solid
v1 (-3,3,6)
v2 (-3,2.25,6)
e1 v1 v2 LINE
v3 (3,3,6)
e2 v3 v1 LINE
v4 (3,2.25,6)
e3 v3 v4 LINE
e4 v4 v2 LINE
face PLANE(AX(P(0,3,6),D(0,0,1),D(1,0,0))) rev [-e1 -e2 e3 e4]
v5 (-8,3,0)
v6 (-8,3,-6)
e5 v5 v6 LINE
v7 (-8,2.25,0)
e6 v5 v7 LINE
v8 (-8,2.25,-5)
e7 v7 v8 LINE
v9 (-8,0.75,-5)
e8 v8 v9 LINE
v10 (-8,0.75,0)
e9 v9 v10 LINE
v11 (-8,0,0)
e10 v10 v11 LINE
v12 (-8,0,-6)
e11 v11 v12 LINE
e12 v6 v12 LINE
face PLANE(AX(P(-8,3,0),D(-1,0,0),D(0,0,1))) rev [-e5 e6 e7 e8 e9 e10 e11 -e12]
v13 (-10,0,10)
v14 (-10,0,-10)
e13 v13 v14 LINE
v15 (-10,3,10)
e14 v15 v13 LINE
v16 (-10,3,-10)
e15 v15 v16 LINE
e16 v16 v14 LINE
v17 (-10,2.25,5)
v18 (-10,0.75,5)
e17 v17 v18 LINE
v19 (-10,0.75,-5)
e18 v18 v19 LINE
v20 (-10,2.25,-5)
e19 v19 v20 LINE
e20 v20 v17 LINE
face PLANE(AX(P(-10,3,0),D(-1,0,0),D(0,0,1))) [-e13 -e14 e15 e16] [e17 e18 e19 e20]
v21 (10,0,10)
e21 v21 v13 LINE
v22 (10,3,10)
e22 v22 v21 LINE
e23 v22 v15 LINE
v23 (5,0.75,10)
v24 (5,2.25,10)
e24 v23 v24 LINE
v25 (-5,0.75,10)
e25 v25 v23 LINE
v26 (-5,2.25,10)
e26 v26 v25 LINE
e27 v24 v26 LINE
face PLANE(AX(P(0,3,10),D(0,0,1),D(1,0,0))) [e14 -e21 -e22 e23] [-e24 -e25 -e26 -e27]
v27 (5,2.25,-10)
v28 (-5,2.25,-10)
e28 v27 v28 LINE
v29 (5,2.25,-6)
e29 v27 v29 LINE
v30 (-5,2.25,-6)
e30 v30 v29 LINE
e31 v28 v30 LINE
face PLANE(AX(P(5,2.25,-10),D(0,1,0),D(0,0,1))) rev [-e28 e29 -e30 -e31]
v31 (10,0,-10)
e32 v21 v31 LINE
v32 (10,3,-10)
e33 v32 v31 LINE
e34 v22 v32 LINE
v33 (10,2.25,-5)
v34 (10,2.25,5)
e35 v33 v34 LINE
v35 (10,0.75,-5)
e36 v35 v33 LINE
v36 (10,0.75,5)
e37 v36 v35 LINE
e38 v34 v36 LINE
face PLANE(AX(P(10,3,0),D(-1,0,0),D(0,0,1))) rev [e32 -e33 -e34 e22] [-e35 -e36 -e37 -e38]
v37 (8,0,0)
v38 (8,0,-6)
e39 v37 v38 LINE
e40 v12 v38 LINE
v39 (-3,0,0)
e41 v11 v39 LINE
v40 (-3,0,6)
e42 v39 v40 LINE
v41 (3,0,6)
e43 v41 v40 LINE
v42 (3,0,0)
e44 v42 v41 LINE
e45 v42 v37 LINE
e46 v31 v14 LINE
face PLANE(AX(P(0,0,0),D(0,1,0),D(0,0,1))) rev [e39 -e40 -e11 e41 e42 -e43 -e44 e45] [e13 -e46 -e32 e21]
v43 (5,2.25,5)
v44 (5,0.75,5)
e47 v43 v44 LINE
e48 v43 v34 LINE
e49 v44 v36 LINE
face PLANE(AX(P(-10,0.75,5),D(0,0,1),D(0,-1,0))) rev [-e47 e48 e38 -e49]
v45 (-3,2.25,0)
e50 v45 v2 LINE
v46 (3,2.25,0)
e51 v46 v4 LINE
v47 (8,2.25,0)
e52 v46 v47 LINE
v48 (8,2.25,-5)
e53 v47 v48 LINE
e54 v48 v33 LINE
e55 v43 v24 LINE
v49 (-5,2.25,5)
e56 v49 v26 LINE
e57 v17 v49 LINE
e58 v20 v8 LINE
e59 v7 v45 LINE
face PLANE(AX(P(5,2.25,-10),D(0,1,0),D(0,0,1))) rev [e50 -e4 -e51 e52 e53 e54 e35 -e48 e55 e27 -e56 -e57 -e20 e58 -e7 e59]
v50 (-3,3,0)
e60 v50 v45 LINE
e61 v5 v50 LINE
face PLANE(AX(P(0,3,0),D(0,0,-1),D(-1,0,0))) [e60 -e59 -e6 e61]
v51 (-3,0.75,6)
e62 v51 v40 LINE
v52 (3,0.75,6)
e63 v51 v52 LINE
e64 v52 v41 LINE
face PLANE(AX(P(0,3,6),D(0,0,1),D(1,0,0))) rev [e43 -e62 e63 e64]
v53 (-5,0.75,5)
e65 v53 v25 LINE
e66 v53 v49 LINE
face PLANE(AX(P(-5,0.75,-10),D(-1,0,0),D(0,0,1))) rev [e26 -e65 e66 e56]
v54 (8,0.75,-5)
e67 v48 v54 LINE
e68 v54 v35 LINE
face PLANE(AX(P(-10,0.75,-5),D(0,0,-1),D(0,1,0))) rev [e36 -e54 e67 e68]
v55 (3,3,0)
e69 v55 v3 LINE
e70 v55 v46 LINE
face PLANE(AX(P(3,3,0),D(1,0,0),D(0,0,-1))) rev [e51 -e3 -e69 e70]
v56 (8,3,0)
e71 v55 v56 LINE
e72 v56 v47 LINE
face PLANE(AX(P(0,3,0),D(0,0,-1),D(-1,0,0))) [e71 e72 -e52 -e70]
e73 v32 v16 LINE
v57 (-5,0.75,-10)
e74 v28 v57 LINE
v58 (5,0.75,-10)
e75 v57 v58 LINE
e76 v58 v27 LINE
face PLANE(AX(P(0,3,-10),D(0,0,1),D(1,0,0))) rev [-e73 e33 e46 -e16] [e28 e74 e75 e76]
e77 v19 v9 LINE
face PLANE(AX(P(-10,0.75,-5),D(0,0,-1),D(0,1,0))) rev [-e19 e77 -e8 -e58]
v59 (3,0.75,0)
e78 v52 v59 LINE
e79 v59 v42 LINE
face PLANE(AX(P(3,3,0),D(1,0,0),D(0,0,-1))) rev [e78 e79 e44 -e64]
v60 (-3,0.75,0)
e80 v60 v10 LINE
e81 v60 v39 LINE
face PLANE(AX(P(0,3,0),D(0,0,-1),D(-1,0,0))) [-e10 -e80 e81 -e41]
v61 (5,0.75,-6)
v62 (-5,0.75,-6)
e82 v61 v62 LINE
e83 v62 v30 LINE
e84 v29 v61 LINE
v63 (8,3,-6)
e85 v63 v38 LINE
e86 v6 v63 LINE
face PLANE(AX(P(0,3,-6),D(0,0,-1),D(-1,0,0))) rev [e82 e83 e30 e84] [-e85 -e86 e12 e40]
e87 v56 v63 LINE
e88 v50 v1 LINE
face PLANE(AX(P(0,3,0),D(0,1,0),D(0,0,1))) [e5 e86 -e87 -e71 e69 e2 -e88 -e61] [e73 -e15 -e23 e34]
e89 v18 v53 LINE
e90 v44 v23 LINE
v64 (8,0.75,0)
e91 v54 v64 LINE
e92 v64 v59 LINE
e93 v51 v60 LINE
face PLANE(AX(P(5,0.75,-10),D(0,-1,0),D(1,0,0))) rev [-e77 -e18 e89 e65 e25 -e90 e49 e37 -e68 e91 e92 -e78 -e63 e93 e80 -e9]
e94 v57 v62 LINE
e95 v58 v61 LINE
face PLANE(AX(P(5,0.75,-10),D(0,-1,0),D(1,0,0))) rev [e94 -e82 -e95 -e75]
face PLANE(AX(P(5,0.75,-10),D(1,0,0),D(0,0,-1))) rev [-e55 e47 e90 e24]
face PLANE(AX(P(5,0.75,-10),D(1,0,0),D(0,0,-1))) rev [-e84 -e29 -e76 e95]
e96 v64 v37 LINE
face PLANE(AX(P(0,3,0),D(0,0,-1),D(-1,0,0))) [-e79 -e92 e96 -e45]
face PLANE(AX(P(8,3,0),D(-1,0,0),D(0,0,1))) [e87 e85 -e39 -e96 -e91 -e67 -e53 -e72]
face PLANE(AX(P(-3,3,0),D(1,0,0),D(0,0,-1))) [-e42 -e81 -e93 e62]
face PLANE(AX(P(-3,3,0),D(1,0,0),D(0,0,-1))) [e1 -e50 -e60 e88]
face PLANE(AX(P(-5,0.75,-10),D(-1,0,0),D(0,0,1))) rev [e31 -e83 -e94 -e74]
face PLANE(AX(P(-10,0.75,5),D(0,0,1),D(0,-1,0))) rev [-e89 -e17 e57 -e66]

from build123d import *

# Parameters (mm, degrees)
SKETCH1_W           = 20
SKETCH1_H           = 20
BOSS_EXTRUDE1_DEPTH = 3
SKETCH2_W           = 10
SKETCH2_H           = 1.5
CUT_EXTRUDE1_DEPTH  = 21
SKETCH3_W           = 10
SKETCH3_H           = 1.5
CUT_EXTRUDE2_DEPTH  = 21


with BuildPart() as part:
    # Sketch1 → Boss-Extrude1 (new body)
    with BuildSketch(Plane(origin=(0, 0, 0), x_dir=(1, 0, 0), z_dir=(0, 1, 0))):
        Rectangle(SKETCH1_W, SKETCH1_H)
        Polygon((-3, 0), (-8, 0), (-8, 6), (8, 6), (8, 0), (3, 0), (3, -6), (-3, -6), align=None, mode=Mode.SUBTRACT)
    extrude(amount=BOSS_EXTRUDE1_DEPTH)

    # Sketch2 → Cut-Extrude1 (cut, through all)
    with BuildSketch(Plane.XY.offset(10)):
        with Locations((0, 1.5)):
            Rectangle(SKETCH2_W, SKETCH2_H)
    extrude(amount=-CUT_EXTRUDE1_DEPTH, mode=Mode.SUBTRACT)

    # Sketch3 → Cut-Extrude2 (cut, through all)
    with BuildSketch(Plane(origin=(10, 0, 0), x_dir=(0, 0, -1), z_dir=(1, 0, 0))):
        with Locations((0, 1.5)):
            Rectangle(SKETCH3_W, SKETCH3_H)
    extrude(amount=-CUT_EXTRUDE2_DEPTH, mode=Mode.SUBTRACT)


solid = part.part
